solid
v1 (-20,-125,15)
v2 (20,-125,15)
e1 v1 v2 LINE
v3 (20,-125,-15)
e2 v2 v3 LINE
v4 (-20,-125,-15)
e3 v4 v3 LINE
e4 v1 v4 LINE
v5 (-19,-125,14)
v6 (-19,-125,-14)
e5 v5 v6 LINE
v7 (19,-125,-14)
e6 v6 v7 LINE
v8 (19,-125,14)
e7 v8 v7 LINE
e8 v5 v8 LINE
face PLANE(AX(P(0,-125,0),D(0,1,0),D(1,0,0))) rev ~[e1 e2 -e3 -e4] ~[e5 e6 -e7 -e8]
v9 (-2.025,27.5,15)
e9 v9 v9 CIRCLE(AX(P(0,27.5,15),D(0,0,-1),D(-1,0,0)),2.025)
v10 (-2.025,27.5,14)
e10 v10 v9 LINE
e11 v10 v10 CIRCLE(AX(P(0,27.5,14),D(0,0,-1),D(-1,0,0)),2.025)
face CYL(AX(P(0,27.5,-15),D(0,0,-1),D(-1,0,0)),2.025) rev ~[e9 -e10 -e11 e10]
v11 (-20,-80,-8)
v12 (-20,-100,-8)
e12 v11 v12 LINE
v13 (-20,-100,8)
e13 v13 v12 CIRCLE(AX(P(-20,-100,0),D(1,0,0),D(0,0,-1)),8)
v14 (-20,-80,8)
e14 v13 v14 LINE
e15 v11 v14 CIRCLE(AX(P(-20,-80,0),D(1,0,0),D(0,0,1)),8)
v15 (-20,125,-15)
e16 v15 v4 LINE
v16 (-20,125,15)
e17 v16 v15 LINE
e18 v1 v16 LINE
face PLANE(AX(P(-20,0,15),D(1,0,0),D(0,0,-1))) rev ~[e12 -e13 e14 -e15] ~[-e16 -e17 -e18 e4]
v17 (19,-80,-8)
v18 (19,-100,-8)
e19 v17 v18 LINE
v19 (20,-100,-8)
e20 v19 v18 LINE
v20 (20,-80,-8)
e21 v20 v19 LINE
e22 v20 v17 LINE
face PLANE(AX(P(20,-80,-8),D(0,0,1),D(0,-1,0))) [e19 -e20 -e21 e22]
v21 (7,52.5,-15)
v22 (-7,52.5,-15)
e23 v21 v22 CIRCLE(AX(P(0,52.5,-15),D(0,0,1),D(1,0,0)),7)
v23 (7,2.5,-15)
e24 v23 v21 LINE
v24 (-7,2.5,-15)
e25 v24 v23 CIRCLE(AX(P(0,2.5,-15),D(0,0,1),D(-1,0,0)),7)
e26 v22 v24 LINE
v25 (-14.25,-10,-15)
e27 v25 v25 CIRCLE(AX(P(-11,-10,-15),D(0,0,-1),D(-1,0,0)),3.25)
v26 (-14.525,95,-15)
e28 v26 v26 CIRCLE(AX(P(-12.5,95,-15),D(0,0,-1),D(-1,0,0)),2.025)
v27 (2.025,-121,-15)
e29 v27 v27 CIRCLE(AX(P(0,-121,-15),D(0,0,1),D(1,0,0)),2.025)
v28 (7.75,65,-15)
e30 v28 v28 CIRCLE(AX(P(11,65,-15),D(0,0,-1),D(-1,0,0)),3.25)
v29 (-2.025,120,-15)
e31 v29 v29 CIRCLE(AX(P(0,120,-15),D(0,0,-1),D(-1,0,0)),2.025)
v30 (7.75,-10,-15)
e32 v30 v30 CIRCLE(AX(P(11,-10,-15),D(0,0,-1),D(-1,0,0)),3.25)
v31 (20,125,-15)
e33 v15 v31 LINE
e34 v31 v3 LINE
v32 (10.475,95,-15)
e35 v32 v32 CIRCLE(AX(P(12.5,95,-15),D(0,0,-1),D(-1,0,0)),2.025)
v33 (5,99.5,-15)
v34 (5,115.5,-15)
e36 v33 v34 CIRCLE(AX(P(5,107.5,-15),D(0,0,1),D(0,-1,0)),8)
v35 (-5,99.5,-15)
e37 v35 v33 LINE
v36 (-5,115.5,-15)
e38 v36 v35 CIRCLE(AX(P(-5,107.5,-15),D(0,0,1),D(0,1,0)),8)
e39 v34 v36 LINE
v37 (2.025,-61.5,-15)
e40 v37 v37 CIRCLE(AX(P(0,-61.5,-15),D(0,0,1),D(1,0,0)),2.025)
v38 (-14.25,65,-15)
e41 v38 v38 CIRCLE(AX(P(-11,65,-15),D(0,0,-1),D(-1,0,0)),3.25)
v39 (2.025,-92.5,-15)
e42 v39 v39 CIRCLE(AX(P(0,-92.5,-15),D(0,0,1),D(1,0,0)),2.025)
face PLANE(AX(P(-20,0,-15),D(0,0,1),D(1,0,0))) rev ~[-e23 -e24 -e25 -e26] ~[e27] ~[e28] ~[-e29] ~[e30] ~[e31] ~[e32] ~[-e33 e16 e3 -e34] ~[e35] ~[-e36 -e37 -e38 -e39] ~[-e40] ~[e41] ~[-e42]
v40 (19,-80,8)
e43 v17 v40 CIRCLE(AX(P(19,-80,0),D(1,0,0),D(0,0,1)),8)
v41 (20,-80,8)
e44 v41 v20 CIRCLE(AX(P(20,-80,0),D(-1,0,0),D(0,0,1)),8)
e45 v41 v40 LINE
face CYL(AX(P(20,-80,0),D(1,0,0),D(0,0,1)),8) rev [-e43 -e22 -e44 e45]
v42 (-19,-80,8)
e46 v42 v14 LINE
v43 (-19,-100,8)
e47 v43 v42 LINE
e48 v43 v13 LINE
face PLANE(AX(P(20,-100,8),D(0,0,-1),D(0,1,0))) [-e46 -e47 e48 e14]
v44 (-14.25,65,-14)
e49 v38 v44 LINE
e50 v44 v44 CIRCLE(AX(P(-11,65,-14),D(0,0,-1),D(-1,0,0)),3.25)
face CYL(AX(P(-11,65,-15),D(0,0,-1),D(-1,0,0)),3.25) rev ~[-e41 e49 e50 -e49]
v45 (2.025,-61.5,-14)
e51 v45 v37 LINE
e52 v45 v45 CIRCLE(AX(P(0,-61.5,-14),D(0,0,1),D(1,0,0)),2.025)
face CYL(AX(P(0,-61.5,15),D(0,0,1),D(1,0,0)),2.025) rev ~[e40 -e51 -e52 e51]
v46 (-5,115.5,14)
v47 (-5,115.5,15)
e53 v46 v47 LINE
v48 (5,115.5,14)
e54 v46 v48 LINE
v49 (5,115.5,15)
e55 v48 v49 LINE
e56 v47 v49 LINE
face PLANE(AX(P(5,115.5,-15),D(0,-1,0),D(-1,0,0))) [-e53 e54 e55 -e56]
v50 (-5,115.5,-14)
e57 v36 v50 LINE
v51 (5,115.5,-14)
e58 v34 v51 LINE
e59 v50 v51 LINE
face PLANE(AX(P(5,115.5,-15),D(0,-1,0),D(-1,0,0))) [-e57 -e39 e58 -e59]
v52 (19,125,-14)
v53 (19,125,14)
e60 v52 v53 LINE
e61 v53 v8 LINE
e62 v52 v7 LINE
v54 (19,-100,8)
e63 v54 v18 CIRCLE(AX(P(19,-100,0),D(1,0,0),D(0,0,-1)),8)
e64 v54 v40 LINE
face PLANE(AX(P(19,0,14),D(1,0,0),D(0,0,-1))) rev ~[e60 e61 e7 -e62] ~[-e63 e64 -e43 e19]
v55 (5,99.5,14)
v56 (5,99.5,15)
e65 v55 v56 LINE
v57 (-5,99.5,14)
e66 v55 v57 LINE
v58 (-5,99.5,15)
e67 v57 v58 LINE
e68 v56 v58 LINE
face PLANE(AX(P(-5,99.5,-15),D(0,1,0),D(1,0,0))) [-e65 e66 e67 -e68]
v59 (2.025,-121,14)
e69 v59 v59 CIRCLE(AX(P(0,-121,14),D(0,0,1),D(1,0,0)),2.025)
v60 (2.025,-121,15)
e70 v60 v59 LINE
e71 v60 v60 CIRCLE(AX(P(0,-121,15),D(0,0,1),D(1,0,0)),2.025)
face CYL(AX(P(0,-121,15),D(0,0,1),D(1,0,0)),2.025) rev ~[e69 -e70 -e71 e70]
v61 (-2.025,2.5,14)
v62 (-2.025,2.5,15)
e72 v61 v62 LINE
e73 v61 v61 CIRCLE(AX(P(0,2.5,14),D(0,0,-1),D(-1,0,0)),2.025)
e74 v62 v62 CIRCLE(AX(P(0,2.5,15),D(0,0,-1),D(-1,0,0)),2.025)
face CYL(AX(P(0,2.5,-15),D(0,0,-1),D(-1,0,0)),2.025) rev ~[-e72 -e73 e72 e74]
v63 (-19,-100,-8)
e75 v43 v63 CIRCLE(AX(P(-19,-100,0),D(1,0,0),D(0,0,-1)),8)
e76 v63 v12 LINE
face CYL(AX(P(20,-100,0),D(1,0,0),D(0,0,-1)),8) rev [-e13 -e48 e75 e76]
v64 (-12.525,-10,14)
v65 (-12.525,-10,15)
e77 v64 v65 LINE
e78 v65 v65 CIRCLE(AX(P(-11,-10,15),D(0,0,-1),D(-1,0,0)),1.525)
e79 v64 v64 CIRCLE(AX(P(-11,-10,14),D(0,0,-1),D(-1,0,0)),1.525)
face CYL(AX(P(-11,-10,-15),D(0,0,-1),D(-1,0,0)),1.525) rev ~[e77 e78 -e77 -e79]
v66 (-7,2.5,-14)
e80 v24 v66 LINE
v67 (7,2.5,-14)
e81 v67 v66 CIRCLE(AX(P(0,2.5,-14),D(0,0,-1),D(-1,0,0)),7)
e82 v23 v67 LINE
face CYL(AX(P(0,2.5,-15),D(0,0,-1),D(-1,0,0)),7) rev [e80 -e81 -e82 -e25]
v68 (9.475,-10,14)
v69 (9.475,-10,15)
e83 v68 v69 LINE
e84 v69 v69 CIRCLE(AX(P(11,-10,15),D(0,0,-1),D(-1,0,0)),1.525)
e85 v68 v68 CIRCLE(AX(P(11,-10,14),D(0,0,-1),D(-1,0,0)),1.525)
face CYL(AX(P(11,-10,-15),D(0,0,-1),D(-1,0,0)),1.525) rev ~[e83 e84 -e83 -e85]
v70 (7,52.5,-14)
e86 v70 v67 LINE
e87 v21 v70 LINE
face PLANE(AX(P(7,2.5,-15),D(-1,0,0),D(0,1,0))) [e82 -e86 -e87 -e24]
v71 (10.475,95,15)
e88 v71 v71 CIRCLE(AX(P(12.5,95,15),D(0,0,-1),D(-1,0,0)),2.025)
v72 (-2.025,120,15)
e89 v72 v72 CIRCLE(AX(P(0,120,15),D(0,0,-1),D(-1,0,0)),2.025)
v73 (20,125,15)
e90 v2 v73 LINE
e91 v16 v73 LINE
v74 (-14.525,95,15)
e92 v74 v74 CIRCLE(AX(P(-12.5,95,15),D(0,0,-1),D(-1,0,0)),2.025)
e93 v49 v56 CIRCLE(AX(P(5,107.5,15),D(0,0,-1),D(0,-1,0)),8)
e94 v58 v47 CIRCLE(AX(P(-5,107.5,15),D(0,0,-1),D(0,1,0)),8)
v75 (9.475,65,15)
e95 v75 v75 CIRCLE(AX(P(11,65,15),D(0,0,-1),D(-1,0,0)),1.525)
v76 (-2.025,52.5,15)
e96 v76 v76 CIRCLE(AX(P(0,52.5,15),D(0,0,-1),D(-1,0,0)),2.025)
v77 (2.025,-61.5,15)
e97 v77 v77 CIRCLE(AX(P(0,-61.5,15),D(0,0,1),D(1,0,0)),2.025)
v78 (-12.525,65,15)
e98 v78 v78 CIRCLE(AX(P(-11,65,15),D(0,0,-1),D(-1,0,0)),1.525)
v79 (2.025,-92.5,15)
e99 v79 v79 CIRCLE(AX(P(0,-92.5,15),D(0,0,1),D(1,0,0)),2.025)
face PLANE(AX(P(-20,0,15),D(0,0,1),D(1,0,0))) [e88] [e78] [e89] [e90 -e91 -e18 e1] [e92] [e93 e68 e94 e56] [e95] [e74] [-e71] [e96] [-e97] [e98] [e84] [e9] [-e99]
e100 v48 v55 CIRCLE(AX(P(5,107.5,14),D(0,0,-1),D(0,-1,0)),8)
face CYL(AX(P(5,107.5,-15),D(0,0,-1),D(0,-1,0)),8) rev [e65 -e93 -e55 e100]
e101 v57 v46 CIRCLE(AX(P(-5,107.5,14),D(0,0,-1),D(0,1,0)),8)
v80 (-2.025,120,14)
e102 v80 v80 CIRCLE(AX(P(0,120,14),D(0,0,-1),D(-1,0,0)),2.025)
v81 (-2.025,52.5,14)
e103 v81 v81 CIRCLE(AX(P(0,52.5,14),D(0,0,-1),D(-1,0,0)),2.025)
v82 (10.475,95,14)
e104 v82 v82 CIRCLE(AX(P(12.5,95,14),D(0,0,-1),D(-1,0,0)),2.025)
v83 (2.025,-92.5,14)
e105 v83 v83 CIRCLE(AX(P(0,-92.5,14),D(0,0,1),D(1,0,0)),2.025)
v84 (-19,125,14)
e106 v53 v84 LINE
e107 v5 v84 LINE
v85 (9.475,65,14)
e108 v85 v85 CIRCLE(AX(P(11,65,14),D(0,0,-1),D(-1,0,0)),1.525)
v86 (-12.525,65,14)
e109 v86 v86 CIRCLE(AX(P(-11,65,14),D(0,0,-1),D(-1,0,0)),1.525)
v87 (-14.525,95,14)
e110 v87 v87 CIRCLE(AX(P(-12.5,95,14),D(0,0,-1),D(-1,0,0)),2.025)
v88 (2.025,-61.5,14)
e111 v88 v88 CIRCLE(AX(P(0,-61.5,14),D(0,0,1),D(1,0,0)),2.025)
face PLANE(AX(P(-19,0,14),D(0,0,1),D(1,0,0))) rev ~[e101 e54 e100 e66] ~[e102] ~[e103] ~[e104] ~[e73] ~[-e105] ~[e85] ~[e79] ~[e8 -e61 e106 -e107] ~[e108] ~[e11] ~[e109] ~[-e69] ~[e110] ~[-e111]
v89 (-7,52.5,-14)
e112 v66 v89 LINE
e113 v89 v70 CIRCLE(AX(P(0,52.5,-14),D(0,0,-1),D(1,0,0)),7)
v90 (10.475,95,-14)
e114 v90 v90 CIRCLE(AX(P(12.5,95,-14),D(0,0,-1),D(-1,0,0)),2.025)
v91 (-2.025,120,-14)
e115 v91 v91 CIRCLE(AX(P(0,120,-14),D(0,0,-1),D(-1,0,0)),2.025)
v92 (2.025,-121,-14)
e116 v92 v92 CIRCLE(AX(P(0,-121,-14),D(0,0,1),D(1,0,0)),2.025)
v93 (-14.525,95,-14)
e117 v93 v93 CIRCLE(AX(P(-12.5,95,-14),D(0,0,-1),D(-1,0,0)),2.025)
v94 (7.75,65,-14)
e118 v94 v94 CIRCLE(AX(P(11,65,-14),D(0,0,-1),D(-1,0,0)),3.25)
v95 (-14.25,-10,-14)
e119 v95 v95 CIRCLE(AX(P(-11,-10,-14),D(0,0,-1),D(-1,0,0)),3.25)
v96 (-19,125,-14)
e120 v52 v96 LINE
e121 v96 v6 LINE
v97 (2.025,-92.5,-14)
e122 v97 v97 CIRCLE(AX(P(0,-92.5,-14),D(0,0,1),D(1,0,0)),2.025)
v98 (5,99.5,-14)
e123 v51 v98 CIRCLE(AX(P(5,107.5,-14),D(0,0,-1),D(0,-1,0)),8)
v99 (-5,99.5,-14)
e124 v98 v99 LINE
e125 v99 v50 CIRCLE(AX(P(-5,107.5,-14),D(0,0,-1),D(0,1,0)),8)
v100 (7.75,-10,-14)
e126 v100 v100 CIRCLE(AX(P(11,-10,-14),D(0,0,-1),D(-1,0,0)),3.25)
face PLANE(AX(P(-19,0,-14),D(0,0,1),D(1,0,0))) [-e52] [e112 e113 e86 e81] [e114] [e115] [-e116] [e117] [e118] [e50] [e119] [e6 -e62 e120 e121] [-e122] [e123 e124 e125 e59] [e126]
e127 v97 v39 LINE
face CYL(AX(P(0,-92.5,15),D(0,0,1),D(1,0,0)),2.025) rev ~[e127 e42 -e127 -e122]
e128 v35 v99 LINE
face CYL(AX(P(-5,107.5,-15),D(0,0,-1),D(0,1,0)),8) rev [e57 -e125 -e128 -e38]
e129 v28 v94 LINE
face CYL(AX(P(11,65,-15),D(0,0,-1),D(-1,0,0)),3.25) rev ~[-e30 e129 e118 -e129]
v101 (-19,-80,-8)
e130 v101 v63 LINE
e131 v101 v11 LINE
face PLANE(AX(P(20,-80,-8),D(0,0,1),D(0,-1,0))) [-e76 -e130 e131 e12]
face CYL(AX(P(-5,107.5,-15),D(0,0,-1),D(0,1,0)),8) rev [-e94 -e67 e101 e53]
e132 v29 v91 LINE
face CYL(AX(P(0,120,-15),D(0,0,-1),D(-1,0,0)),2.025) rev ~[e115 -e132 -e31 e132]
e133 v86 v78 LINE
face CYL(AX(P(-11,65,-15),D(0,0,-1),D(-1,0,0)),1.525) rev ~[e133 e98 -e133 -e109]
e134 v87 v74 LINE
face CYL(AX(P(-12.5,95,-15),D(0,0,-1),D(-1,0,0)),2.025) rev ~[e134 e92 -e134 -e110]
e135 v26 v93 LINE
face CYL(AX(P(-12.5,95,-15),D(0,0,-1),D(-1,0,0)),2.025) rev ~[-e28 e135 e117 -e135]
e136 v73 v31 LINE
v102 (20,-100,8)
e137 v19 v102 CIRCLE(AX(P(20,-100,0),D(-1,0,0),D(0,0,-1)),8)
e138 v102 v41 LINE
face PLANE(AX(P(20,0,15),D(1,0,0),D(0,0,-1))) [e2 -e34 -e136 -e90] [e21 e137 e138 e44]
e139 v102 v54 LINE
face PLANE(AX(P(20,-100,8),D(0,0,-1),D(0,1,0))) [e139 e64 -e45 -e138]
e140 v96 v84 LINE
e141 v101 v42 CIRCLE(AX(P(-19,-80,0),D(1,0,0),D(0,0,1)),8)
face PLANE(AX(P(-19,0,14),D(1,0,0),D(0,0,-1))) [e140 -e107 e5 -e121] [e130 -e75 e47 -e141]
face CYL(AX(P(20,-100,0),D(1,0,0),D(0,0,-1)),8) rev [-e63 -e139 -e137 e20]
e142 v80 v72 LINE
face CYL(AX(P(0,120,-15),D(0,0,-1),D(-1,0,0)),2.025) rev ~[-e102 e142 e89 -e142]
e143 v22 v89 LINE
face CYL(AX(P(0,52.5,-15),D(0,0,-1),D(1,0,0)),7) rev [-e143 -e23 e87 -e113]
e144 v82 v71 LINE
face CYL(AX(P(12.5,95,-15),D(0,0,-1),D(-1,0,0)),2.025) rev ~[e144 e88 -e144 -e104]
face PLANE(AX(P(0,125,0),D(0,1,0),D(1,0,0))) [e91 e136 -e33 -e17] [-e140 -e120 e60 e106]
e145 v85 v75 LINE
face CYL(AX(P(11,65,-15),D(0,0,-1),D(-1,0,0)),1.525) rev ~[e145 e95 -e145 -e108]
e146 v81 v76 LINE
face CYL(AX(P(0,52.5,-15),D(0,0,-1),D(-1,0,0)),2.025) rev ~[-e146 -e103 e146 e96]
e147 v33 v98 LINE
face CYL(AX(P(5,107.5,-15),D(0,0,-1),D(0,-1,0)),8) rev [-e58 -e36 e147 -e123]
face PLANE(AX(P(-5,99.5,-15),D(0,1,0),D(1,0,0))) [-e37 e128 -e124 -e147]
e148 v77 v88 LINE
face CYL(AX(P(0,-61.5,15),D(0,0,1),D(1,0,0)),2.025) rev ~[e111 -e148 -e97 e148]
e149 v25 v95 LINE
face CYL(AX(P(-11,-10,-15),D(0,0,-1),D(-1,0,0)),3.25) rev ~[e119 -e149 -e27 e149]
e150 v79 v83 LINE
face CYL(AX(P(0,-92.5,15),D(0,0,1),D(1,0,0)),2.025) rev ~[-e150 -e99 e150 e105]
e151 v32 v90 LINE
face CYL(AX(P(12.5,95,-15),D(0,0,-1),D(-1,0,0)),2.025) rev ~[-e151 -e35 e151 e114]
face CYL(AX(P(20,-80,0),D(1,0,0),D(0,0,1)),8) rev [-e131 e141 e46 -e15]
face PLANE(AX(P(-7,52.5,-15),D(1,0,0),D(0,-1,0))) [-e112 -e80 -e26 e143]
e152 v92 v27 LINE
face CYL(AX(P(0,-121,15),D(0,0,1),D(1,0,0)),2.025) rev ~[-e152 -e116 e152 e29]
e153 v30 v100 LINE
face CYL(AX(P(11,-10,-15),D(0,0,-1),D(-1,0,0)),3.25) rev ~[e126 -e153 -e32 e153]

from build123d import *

# Parameters (mm, degrees)
SKETCH_1_W               = 40
SKETCH_1_H               = 30
EXTRUDE_1_DEPTH          = 125
SKETCH_2_W               = 38
SKETCH_2_H               = 28
CUT_EXTRUDE_1_DEPTH      = 126
CUT_EXTRUDE_1_DEPTH_BACK = 126
SKETCH_3_R               = 2.025
CUT_EXTRUDE_2_DEPTH      = 1
CUT_EXTRUDE_2_DEPTH_BACK = 31
SKETCH_4_R               = 2.025
CUT_EXTRUDE_3_DEPTH      = 1
CUT_EXTRUDE_3_DEPTH_BACK = 31
SKETCH_5_R               = 1.525
CUT_EXTRUDE_4_DEPTH      = 31
SKETCH_6_R               = 2.025
CUT_EXTRUDE_5_DEPTH      = 31
CUT_EXTRUDE_6_DEPTH      = 10
SKETCH_8_R               = 3.25
CUT_EXTRUDE_7_DEPTH      = 10
CUT_EXTRUDE_8_DEPTH      = 1
CUT_EXTRUDE_8_DEPTH_BACK = 41
CUT_EXTRUDE_9_DEPTH      = 1
CUT_EXTRUDE_9_DEPTH_BACK = 31


with BuildPart() as part:
    # 草图1 → 凸台-拉伸1 (new body, symmetric)
    with BuildSketch(Plane(origin=(0, 0, 0), x_dir=(1, 0, 0), z_dir=(0, 1, 0))):
        Rectangle(SKETCH_1_W, SKETCH_1_H)
    extrude(amount=EXTRUDE_1_DEPTH, both=True)

    # 草图2 → 切除-拉伸1 (cut, two sides)
    with BuildSketch(Plane(origin=(0, 0, 0), x_dir=(1, 0, 0), z_dir=(0, 1, 0))) as cut_extrude_1_sk:
        Rectangle(SKETCH_2_W, SKETCH_2_H)
    extrude(amount=CUT_EXTRUDE_1_DEPTH, mode=Mode.SUBTRACT)
    extrude(cut_extrude_1_sk.sketch, amount=-CUT_EXTRUDE_1_DEPTH_BACK, mode=Mode.SUBTRACT)

    # 草图3 → 切除-拉伸2 (cut, two sides)
    with BuildSketch(Plane.XY.offset(15)) as cut_extrude_2_sk:
        with Locations((0, -61.5)):
            Circle(SKETCH_3_R)
        with Locations((0, -92.5)):
            Circle(SKETCH_3_R)
        with Locations((0, -121)):
            Circle(SKETCH_3_R)
    extrude(amount=CUT_EXTRUDE_2_DEPTH, mode=Mode.SUBTRACT)
    extrude(cut_extrude_2_sk.sketch, amount=-CUT_EXTRUDE_2_DEPTH_BACK, mode=Mode.SUBTRACT)

    # 草图4 → 切除-拉伸3 (cut, two sides)
    with BuildSketch(Plane(origin=(0, 0, -15), x_dir=(-1, 0, 0), z_dir=(0, 0, -1))) as cut_extrude_3_sk:
        with Locations((0, 120)):
            Circle(SKETCH_4_R)
        with Locations((-12.5, 95)):
            Circle(SKETCH_4_R)
        with Locations((12.5, 95)):
            Circle(SKETCH_4_R)
    extrude(amount=CUT_EXTRUDE_3_DEPTH, mode=Mode.SUBTRACT)
    extrude(cut_extrude_3_sk.sketch, amount=-CUT_EXTRUDE_3_DEPTH_BACK, mode=Mode.SUBTRACT)

    # 草图5 → 切除-拉伸4 (cut, through all)
    with BuildSketch(Plane(origin=(0, 0, -15), x_dir=(-1, 0, 0), z_dir=(0, 0, -1))):
        with Locations((-11, 65)):
            Circle(SKETCH_5_R)
        with Locations((11, 65)):
            Circle(SKETCH_5_R)
        with Locations((-11, -10)):
            Circle(SKETCH_5_R)
        with Locations((11, -10)):
            Circle(SKETCH_5_R)
    extrude(amount=-CUT_EXTRUDE_4_DEPTH, mode=Mode.SUBTRACT)

    # 草图6 → 切除-拉伸5 (cut, through all)
    with BuildSketch(Plane(origin=(0, 0, -15), x_dir=(-1, 0, 0), z_dir=(0, 0, -1))):
        with Locations((0, 27.5)):
            Circle(SKETCH_6_R)
        with Locations((0, 52.5)):
            Circle(SKETCH_6_R)
        with Locations((0, 2.5)):
            Circle(SKETCH_6_R)
    extrude(amount=-CUT_EXTRUDE_5_DEPTH, mode=Mode.SUBTRACT)

    # 草图7 → 切除-拉伸6 (cut)
    with BuildSketch(Plane(origin=(0, 0, -15), x_dir=(-1, 0, 0), z_dir=(0, 0, -1))):
        with BuildLine():
            Line((7, 52.5), (7, 2.5))
            ThreePointArc((7, 2.5), (0, -4.5), (-7, 2.5))
            Line((-7, 2.5), (-7, 52.5))
            ThreePointArc((-7, 52.5), (0, 59.5), (7, 52.5))
        make_face()
    extrude(amount=-CUT_EXTRUDE_6_DEPTH, mode=Mode.SUBTRACT)

    # 草图8 → 切除-拉伸7 (cut)
    with BuildSketch(Plane(origin=(0, 0, -15), x_dir=(-1, 0, 0), z_dir=(0, 0, -1))):
        with Locations((11, 65)):
            Circle(SKETCH_8_R)
        with Locations((-11, 65)):
            Circle(SKETCH_8_R)
        with Locations((11, -10)):
            Circle(SKETCH_8_R)
        with Locations((-11, -10)):
            Circle(SKETCH_8_R)
    extrude(amount=-CUT_EXTRUDE_7_DEPTH, mode=Mode.SUBTRACT)

    # 草图9 → 切除-拉伸8 (cut, two sides)
    with BuildSketch(Plane(origin=(20, 0, 0), x_dir=(0, 0, -1), z_dir=(1, 0, 0))) as cut_extrude_8_sk:
        with BuildLine():
            Line((-8, -100), (-8, -80))
            ThreePointArc((-8, -80), (0, -72), (8, -80))
            Line((8, -80), (8, -100))
            ThreePointArc((8, -100), (0, -108), (-8, -100))
        make_face()
    extrude(amount=CUT_EXTRUDE_8_DEPTH, mode=Mode.SUBTRACT)
    extrude(cut_extrude_8_sk.sketch, amount=-CUT_EXTRUDE_8_DEPTH_BACK, mode=Mode.SUBTRACT)

    # 草图10 → 切除-拉伸9 (cut, two sides)
    with BuildSketch(Plane(origin=(0, 0, -15), x_dir=(-1, 0, 0), z_dir=(0, 0, -1))) as cut_extrude_9_sk:
        with BuildLine():
            Line((-5, 115.5), (5, 115.5))
            ThreePointArc((5, 115.5), (13, 107.5), (5, 99.5))
            Line((5, 99.5), (-5, 99.5))
            ThreePointArc((-5, 99.5), (-13, 107.5), (-5, 115.5))
        make_face()
    extrude(amount=CUT_EXTRUDE_9_DEPTH, mode=Mode.SUBTRACT)
    extrude(cut_extrude_9_sk.sketch, amount=-CUT_EXTRUDE_9_DEPTH_BACK, mode=Mode.SUBTRACT)


solid = part.part
